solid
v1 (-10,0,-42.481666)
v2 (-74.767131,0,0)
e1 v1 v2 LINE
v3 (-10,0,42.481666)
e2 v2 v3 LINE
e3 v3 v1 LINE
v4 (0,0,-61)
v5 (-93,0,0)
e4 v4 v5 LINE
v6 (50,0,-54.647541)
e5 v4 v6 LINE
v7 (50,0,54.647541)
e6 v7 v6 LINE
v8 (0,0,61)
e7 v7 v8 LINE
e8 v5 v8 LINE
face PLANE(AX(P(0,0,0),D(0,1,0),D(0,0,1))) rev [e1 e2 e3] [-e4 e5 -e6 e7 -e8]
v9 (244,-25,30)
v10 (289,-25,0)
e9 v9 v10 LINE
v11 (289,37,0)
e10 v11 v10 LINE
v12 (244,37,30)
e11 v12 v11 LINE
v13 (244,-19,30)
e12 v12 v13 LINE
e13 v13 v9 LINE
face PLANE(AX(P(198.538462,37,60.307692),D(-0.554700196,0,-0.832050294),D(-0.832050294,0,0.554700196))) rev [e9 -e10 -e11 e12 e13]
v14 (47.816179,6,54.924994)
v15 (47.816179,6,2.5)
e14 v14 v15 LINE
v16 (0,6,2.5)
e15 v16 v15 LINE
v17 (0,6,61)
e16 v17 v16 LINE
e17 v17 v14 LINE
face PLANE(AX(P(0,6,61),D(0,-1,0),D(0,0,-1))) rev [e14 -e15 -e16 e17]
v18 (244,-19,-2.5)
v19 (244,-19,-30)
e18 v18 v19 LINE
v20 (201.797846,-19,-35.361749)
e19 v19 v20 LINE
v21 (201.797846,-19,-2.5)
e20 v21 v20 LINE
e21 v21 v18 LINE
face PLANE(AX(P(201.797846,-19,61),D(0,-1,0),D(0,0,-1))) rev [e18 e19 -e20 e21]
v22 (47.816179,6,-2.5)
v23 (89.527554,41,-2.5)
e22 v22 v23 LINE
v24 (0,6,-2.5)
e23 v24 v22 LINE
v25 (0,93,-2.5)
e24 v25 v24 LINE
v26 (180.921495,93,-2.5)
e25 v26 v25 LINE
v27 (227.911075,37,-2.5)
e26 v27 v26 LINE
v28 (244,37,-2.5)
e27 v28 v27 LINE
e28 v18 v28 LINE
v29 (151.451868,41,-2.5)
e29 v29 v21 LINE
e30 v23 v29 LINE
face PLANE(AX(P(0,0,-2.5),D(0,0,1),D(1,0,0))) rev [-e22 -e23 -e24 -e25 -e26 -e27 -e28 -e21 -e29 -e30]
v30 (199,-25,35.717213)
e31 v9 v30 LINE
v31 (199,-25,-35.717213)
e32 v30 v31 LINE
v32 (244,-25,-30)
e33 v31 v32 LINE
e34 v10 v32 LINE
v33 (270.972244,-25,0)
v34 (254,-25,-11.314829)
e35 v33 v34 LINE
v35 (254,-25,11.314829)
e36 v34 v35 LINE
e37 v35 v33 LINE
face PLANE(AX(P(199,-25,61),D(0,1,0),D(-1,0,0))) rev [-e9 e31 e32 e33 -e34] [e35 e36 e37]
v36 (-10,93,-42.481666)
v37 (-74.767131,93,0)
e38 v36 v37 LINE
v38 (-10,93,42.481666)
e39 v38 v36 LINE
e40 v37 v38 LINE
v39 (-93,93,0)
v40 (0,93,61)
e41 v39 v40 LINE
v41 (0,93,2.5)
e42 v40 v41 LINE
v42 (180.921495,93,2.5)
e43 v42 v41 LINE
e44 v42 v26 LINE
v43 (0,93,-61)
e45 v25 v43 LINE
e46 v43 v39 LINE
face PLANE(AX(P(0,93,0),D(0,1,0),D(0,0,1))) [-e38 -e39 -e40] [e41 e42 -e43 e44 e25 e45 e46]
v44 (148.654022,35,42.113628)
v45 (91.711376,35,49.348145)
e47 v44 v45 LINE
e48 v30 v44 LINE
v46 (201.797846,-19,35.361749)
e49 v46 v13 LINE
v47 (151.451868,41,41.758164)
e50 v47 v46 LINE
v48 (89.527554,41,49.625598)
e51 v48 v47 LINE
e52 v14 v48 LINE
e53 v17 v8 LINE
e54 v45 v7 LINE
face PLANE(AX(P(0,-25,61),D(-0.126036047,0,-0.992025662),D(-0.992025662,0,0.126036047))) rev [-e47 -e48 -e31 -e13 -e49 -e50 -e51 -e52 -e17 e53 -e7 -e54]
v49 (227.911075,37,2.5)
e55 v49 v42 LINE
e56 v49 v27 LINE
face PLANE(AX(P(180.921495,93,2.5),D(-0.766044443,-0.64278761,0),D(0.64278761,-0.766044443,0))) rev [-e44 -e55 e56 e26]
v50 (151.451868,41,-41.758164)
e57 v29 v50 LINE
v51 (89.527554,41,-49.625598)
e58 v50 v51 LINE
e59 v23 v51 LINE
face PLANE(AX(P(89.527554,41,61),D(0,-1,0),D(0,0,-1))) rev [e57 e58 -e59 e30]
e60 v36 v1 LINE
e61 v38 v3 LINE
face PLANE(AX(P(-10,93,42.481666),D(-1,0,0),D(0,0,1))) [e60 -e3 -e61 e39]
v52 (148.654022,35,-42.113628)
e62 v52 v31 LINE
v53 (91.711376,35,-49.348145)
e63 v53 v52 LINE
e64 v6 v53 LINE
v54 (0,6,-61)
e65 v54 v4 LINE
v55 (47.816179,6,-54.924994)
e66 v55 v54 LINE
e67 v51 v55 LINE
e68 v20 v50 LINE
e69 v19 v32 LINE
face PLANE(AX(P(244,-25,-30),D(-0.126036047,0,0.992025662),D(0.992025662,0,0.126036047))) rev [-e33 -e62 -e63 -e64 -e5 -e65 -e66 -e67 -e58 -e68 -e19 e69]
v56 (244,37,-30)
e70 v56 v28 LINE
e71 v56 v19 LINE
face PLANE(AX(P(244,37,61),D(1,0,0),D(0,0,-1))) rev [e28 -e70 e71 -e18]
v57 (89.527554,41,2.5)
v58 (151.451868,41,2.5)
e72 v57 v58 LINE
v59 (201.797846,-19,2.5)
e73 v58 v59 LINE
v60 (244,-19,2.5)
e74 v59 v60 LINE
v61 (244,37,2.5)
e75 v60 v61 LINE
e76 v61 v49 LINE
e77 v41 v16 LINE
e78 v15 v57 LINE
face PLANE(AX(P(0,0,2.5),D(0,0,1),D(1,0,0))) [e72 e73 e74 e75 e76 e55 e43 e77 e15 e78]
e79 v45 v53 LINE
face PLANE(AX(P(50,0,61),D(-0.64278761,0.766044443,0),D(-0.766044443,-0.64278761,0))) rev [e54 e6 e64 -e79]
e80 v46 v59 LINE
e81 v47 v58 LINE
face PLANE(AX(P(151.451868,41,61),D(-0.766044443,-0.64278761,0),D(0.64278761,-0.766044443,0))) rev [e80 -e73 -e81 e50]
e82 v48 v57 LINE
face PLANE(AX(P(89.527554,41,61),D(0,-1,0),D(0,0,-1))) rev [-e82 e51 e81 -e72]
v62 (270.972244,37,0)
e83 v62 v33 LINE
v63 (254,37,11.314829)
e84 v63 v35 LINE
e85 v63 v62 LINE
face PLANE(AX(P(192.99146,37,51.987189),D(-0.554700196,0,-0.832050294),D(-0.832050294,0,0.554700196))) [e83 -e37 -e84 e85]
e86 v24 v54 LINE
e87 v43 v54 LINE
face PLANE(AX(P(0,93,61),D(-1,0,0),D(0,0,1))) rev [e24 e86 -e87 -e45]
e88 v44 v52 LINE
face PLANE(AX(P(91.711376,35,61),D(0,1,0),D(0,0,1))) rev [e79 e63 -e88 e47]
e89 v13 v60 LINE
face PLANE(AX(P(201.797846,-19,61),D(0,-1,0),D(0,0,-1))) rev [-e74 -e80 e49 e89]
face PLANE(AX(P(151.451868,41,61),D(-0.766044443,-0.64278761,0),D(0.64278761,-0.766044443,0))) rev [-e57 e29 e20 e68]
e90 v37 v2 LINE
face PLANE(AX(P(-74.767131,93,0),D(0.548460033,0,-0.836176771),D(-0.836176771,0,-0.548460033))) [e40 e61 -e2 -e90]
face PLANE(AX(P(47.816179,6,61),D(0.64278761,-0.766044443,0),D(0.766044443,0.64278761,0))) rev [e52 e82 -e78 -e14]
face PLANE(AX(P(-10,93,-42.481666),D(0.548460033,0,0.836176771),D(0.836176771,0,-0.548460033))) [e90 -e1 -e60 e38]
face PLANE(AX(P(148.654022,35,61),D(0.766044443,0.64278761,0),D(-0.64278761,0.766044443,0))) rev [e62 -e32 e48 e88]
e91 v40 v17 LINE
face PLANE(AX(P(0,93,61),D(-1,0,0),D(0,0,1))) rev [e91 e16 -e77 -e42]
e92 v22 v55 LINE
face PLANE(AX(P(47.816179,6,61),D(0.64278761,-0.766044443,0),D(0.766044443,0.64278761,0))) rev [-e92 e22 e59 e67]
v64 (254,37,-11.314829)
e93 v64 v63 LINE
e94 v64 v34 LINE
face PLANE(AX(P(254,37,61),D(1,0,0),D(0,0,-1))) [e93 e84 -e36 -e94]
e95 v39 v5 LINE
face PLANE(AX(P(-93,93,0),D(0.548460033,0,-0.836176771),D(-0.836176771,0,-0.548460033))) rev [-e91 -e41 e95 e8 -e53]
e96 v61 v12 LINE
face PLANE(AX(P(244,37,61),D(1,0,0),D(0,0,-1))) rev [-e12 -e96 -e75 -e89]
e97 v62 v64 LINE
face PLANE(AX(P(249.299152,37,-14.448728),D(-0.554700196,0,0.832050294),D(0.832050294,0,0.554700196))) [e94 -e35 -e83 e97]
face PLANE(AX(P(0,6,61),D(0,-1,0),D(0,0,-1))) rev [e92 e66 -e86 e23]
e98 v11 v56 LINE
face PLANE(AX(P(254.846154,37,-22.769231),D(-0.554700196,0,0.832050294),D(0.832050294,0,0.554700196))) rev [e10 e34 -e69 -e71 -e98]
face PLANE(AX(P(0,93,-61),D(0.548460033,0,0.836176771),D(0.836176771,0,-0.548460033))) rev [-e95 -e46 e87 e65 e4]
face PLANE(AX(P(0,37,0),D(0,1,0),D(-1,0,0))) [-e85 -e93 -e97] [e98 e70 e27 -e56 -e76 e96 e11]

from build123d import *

# Parameters (mm, degrees)
BOSS_EXTRUDE1_DEPTH     = 93
BOSS_EXTRUDE2_DEPTH     = 61
BOSS_EXTRUDE3_START     = -25
BOSS_EXTRUDE3_DEPTH     = 62
BOSS_EXTRUDE4_DEPTH     = 2.5
CUT_EXTRUDE2_DEPTH      = 94
CUT_EXTRUDE2_DEPTH_BACK = 26


with BuildPart() as part:
    # Sketch2 → Boss-Extrude1 (new body)
    with BuildSketch(Plane(origin=(0, 0, 0), x_dir=(1, 0, 0), z_dir=(0, 1, 0))):
        Polygon((0, -61), (0, 61), (-93, 0), align=None)
        Polygon((-10, 42.481666483), (-74.767130868, 0), (-10, -42.481666483), align=None, mode=Mode.SUBTRACT)
    extrude(amount=BOSS_EXTRUDE1_DEPTH)

    # Sketch3 → Boss-Extrude2 (add, symmetric)
    with BuildSketch(Plane.XY):
        Polygon((0, 0), (50, 0), (91.711375741, 35), (148.654022129, 35), (199, -25), (244, -25), (244, -19), (201.797845949, -19), (151.451868078, 41), (89.527554335, 41), (47.816178594, 6), (0, 6), align=None)
    extrude(amount=BOSS_EXTRUDE2_DEPTH, both=True)

    # Sketch4 → Boss-Extrude3 (add)
    with BuildSketch(Plane(origin=(0, 0, 0), x_dir=(1, 0, 0), z_dir=(0, 1, 0)).offset(BOSS_EXTRUDE3_START)):
        Polygon((244, -30), (244, 30), (289, 0), align=None)
        Polygon((254, 11.314829082), (270.972243623, 0), (254, -11.314829082), align=None, mode=Mode.SUBTRACT)
    extrude(amount=BOSS_EXTRUDE3_DEPTH)

    # Sketch7 → Boss-Extrude4 (add, symmetric)
    with BuildSketch(Plane.XY):
        Polygon((0, 93), (180.92149546, 93), (227.911074806, 37), (244, 37), (244, -19), (201.797845949, -19), (151.451868078, 41), (89.527554335, 41), (47.816178594, 6), (0, 6), align=None)
    extrude(amount=BOSS_EXTRUDE4_DEPTH, both=True)

    # Sketch8 → Cut-Extrude2 (cut, two sides)
    with BuildSketch(Plane(origin=(0, 0, 0), x_dir=(1, 0, 0), z_dir=(0, 1, 0))) as cut_extrude2_sk:
        Polygon((0, 61), (244, 61), (244, 30), align=None)
        Polygon((0, -61), (244, -30), (244, -61), align=None)
    extrude(amount=CUT_EXTRUDE2_DEPTH, mode=Mode.SUBTRACT)
    extrude(cut_extrude2_sk.sketch, amount=-CUT_EXTRUDE2_DEPTH_BACK, mode=Mode.SUBTRACT)


solid = part.part
